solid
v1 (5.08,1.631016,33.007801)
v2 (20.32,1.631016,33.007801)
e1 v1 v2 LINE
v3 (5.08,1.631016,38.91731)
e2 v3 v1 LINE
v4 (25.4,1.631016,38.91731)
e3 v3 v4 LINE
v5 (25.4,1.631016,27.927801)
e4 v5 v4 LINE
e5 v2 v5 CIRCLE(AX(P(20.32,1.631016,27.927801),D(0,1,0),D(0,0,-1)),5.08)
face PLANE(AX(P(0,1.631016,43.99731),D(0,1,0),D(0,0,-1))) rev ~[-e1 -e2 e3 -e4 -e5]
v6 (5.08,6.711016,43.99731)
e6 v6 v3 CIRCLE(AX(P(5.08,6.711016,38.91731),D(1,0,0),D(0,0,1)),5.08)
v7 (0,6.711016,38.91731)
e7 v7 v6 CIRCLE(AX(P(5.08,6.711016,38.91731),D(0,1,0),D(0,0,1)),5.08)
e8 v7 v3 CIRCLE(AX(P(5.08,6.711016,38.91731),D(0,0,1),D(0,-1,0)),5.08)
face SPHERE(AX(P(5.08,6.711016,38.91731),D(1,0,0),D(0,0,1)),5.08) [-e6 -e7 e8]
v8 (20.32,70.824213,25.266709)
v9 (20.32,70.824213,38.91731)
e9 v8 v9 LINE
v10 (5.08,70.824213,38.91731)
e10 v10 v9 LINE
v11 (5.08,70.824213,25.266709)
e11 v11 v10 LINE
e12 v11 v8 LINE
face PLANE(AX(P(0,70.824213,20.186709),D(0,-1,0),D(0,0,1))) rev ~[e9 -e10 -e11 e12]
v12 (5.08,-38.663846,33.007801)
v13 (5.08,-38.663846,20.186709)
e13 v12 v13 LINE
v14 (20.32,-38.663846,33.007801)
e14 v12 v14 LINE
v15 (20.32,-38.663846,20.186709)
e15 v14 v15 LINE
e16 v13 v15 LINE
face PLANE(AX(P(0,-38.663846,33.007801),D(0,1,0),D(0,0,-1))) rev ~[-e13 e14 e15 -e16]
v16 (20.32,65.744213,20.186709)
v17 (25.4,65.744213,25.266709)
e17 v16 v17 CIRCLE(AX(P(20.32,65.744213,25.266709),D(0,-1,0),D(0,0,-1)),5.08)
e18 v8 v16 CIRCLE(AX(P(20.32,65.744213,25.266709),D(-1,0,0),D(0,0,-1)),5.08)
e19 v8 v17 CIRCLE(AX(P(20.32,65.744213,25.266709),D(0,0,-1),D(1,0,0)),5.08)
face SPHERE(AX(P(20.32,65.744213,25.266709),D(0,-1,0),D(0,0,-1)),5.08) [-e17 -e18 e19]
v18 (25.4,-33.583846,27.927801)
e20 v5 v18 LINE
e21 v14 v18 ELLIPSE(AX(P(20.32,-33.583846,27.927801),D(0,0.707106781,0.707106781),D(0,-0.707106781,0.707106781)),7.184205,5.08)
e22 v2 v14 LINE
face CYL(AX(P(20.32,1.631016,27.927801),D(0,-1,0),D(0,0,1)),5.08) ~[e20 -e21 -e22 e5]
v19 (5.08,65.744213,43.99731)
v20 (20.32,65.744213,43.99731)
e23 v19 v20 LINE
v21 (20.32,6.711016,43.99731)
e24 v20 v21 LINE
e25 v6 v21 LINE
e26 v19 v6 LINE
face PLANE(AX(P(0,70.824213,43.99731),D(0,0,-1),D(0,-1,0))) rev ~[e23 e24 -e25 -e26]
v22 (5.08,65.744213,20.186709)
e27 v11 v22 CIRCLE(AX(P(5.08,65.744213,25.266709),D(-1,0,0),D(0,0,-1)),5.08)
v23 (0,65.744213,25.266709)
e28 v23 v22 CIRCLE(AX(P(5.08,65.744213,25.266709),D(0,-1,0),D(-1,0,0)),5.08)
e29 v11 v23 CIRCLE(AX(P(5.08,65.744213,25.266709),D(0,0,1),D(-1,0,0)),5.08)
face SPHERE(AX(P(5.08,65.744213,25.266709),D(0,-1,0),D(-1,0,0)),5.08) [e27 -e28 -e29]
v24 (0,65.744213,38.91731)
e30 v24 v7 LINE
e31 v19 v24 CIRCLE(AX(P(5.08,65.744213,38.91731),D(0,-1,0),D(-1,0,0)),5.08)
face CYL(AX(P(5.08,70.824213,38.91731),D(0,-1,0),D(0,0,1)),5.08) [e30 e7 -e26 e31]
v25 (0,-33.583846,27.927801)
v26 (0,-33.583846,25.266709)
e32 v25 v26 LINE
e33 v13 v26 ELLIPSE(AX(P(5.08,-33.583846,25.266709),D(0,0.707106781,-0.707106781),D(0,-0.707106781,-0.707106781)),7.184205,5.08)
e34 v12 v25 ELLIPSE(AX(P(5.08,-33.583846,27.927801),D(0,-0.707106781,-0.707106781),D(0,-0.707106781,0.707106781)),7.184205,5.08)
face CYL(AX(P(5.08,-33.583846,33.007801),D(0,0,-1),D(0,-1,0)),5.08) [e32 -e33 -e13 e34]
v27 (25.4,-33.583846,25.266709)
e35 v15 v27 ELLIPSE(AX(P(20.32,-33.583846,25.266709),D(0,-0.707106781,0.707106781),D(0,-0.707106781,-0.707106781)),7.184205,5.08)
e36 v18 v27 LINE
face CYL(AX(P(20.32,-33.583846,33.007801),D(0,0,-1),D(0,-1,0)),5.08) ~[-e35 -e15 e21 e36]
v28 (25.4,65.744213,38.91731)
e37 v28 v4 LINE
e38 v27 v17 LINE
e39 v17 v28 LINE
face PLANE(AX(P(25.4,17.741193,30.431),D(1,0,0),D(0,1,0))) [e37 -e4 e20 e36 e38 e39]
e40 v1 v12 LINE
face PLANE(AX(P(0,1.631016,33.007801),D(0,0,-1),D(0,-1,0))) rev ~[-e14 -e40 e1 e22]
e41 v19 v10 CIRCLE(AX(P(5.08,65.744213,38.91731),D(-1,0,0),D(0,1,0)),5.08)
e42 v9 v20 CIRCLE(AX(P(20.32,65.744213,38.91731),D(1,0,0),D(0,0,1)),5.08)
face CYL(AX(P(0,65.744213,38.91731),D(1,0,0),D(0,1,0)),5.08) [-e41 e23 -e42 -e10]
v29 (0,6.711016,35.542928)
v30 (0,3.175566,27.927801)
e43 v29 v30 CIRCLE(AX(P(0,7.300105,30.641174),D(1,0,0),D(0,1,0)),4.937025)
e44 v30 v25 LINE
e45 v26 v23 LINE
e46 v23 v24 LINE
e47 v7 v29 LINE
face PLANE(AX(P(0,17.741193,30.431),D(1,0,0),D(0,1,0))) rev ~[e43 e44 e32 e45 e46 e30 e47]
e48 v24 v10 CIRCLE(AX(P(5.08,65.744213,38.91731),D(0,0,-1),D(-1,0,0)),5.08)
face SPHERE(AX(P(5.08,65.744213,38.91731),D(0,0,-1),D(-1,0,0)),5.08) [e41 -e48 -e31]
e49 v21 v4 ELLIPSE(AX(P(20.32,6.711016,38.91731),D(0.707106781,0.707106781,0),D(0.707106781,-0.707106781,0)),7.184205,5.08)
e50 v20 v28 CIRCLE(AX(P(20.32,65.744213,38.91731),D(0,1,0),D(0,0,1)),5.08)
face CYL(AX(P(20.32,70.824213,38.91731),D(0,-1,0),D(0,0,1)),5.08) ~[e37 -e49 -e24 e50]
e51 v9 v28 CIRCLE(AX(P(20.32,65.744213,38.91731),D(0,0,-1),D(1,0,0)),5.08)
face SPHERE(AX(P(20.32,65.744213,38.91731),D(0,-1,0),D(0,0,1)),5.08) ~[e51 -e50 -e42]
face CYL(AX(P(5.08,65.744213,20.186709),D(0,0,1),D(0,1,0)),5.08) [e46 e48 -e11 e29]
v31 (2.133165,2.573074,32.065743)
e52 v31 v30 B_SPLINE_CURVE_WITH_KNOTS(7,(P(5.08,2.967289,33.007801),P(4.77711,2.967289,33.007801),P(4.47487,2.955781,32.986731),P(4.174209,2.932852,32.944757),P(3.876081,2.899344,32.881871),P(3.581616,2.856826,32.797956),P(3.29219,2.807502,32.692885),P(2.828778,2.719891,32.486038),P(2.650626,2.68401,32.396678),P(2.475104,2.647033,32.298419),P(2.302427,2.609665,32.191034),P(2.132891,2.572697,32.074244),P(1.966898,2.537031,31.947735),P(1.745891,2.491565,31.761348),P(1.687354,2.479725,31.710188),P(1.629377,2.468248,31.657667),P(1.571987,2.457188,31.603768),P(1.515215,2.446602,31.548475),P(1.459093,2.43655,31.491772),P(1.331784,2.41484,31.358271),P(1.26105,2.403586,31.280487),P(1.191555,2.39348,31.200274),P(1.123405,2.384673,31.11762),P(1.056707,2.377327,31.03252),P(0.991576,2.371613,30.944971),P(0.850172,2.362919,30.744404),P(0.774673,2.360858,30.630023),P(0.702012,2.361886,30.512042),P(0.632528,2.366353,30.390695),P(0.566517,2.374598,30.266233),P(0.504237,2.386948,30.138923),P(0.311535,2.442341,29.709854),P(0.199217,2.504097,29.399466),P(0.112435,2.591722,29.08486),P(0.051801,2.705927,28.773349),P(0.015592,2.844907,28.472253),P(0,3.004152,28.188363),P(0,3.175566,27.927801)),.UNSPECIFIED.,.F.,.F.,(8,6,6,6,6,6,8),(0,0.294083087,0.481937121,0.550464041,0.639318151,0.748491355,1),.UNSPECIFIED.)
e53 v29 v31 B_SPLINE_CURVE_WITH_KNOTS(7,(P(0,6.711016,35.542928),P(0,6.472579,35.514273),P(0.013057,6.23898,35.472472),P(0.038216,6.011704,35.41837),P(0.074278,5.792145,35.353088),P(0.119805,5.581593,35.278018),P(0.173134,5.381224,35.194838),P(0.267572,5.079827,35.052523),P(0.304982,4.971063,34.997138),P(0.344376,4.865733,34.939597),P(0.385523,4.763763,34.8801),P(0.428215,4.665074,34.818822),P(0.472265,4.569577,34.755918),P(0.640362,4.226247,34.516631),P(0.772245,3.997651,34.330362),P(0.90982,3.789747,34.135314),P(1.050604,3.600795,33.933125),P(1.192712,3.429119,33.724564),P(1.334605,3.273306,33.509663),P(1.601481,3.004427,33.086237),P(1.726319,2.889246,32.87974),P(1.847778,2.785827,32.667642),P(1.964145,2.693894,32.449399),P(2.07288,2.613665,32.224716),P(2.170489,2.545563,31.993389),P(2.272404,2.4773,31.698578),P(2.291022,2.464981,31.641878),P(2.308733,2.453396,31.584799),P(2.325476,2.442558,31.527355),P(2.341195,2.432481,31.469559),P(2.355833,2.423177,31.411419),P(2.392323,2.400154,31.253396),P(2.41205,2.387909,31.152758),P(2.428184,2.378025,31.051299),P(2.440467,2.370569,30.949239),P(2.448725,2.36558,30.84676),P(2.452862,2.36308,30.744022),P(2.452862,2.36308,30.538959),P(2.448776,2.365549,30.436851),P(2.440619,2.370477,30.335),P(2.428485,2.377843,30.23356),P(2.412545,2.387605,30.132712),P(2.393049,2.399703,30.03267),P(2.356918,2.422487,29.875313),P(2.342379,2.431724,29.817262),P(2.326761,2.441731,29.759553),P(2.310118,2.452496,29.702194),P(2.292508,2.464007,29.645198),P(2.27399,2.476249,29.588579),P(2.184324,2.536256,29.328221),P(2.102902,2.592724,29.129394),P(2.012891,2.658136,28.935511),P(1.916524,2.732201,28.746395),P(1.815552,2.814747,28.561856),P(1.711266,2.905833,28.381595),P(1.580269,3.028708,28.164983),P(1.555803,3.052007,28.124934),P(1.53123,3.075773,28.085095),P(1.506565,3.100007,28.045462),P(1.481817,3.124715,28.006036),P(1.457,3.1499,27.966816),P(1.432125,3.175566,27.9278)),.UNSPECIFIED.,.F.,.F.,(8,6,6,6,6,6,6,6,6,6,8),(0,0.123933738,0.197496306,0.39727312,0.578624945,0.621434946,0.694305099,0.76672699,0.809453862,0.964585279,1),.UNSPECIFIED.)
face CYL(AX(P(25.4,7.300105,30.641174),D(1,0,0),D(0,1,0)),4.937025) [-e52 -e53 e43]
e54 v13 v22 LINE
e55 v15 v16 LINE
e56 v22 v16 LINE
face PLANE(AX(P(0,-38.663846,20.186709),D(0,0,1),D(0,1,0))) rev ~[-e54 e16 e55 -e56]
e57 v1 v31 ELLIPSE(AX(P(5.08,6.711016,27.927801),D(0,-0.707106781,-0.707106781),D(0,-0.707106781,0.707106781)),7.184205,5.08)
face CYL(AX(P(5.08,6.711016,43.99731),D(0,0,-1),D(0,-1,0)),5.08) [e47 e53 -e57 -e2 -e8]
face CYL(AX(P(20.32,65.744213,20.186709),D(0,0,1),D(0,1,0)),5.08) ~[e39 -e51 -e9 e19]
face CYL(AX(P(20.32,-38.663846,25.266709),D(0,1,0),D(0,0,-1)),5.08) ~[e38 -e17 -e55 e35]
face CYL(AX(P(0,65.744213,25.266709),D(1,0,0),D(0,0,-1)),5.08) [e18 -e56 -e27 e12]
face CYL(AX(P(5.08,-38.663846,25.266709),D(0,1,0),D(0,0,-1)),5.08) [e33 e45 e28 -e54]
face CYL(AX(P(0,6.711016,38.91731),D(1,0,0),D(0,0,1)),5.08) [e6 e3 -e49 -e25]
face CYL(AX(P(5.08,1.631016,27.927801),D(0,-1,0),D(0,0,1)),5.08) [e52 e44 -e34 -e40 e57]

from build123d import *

# Parameters (mm, degrees)
F1_DEPTH = 25.4
F2_R     = 5.08
F3_R     = 6.157745
F3_W     = 0.458606
F3_H     = 2.747152
F3_R_2   = 4.937025
F4_DEPTH = 25.4


with BuildPart() as f1:
    # F0 (on Right) → F1 (new body)
    with BuildSketch(Plane.YZ):
        Polygon((1.631016, 33.007801), (-38.663846, 33.007801), (-38.663846, 20.186709), (70.824213, 20.186709), (70.824213, 43.99731), (55.357497, 43.99731), (1.631016, 43.99731), align=None)
    extrude(amount=F1_DEPTH)

    # F2
    f2_edges = [f1.edges().sort_by_distance(p)[0] for p in [
        (25.4, 36.227615, 43.99731),
        (25.4, -18.516415, 33.007801),
        (12.7, 1.631016, 43.99731),
        (0, -18.516415, 33.007801),
        (25.4, -38.663846, 26.597255),
        (0, -38.663846, 26.597255),
        (25.4, 16.080184, 20.186709),
        (0, 16.080184, 20.186709),
        (0, 70.824213, 32.09201),
        (0, 36.227615, 43.99731),
        (0, 1.631016, 38.502555),
        (12.7, 70.824213, 20.186709),
        (12.7, 70.824213, 43.99731),
        (25.4, 70.824213, 32.09201),
    ]]
    fillet(f2_edges, radius=F2_R)

    # F3 (on face) → F4 (join)
    with BuildSketch(Plane.YZ.offset(25.4)):
        with Locations((56.599278, 32.443203)):
            Circle(F3_R)
        with Locations((56.828581, 31.069627)):
            Rectangle(F3_W, F3_H, mode=Mode.SUBTRACT)
        with Locations((7.300105, 30.641174)):
            Circle(F3_R_2)
    extrude(amount=-F4_DEPTH)


solid = f1.part
